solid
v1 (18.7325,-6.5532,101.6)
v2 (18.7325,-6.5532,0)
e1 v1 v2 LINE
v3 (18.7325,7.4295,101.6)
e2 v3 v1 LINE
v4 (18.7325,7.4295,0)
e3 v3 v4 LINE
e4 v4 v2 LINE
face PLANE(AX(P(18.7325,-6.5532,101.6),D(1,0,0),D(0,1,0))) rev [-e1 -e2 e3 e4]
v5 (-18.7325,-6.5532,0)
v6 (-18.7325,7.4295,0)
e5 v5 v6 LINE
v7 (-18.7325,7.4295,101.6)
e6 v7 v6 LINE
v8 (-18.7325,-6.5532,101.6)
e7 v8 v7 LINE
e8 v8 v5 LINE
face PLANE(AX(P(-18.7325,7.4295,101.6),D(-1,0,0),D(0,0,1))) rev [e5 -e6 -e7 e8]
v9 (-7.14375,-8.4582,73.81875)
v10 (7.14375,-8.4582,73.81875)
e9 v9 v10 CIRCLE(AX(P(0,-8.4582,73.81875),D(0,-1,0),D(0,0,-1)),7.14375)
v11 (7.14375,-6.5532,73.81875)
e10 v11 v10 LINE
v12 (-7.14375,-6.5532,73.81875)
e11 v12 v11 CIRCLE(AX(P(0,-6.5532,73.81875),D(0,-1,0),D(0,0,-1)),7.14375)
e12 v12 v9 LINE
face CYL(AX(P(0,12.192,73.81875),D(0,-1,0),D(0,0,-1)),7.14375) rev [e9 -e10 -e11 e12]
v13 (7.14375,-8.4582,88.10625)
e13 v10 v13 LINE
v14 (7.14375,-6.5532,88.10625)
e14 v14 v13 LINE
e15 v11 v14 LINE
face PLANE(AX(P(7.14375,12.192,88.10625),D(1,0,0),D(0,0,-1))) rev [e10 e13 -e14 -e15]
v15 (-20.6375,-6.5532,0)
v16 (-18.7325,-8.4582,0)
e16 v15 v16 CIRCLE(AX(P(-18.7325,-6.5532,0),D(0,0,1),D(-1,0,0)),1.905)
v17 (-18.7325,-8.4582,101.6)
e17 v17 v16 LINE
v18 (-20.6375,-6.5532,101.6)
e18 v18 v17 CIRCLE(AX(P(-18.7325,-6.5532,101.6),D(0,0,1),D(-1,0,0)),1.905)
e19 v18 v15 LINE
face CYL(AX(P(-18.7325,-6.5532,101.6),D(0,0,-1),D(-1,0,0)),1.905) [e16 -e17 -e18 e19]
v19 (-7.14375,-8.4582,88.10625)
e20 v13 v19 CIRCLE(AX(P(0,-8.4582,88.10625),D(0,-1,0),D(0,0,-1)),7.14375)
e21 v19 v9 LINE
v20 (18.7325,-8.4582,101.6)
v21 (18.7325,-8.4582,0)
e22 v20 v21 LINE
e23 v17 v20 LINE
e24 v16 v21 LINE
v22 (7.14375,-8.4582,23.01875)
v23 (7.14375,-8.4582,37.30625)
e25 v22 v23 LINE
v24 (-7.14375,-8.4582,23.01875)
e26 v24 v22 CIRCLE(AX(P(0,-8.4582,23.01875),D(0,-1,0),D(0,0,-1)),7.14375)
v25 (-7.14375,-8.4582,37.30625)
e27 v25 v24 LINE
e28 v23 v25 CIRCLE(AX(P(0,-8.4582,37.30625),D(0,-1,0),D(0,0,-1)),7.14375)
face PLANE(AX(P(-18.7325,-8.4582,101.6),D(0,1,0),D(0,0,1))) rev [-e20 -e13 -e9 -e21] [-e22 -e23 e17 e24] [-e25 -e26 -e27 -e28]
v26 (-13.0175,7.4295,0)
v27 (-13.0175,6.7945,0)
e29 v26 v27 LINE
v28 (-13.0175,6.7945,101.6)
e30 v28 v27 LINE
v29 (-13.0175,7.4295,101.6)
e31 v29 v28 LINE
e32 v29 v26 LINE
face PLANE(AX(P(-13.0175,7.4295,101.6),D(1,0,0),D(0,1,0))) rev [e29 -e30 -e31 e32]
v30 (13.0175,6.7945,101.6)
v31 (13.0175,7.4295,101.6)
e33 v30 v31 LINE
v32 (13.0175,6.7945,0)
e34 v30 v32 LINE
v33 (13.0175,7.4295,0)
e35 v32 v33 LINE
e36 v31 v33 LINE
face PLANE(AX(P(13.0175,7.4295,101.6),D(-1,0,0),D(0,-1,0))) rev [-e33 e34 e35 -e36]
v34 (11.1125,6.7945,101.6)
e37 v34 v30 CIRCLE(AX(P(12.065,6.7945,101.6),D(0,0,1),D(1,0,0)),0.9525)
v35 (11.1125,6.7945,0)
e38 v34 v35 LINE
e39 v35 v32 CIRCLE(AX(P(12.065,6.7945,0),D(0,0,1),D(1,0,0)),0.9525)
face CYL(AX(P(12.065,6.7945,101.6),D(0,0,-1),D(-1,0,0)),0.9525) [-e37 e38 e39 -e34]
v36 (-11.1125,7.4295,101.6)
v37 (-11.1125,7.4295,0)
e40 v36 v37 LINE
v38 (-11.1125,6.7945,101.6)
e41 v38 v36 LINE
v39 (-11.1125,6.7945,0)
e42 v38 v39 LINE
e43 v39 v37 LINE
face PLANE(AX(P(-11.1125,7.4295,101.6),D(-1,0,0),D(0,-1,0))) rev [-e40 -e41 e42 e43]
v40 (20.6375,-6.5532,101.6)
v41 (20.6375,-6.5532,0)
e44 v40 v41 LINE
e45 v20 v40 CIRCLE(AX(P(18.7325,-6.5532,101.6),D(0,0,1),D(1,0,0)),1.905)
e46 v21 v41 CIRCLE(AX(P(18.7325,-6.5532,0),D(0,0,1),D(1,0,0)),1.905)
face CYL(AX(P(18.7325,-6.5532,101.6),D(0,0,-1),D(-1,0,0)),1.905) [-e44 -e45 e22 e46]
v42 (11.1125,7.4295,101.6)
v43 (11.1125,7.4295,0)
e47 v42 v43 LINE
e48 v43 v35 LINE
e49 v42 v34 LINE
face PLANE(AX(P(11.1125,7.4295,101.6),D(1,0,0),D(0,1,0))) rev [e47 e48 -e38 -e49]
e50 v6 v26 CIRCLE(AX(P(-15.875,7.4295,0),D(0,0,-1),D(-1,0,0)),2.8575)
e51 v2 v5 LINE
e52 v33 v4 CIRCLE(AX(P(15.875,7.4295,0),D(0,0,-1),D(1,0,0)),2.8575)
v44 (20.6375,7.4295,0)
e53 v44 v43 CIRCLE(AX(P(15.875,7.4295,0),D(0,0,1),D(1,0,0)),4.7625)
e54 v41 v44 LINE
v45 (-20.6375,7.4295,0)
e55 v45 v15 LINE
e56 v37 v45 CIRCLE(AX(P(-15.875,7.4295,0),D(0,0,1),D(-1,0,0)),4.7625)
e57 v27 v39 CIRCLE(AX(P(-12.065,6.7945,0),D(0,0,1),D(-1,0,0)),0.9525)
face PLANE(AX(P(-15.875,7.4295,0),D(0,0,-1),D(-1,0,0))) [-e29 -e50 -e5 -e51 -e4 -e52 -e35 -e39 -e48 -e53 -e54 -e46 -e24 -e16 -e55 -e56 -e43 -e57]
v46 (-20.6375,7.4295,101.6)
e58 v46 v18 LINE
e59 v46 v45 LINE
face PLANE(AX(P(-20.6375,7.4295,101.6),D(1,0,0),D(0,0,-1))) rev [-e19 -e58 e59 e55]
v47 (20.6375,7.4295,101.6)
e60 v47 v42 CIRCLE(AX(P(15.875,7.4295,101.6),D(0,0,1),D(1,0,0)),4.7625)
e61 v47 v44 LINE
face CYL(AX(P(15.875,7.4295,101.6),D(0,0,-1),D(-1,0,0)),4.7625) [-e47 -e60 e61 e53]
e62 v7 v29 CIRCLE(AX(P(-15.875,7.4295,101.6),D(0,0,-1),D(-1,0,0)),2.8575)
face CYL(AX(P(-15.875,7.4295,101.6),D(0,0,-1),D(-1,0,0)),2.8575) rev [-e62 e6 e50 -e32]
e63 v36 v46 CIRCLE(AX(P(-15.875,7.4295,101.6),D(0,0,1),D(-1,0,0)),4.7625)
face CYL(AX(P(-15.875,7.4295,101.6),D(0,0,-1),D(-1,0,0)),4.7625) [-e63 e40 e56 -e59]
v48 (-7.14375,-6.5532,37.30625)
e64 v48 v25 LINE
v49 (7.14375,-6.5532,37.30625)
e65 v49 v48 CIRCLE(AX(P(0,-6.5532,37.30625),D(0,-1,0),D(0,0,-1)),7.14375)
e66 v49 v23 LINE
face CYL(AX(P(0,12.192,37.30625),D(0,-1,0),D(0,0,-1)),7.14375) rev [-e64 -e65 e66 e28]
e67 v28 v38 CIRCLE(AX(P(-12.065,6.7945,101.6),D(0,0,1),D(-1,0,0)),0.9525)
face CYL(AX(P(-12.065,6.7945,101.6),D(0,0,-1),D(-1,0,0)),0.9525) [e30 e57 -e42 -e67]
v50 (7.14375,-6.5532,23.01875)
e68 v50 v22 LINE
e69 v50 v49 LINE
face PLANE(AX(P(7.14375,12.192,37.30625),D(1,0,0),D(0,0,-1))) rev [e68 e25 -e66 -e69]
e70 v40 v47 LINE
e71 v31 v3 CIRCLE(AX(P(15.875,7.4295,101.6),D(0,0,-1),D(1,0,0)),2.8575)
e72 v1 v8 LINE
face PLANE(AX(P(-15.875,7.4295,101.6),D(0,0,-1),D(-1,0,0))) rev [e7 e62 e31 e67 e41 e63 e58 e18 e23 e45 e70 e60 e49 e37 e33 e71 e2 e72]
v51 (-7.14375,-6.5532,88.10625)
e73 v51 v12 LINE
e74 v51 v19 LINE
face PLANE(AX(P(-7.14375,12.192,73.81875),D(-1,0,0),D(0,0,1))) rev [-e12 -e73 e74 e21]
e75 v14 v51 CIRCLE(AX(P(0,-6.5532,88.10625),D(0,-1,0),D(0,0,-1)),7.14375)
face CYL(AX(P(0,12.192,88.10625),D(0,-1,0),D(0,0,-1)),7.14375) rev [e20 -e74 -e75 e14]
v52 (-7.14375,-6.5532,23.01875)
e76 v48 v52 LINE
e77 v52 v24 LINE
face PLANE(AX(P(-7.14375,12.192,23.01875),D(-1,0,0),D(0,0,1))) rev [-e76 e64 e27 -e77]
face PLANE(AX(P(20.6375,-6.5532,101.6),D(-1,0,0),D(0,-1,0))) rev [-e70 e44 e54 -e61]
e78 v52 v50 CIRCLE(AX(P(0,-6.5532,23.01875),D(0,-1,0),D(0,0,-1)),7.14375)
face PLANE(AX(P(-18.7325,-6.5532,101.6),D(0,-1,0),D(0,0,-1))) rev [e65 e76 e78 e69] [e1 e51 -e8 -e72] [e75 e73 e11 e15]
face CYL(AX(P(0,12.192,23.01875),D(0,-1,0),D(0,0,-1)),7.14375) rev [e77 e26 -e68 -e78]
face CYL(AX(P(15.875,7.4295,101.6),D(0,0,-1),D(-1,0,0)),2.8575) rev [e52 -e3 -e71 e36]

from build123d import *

# Parameters (mm, degrees)
BASE_EXTRUDE_DEPTH = 101.6
SLOT_DEPTH         = 114.827953915
LPATTERN1_COUNT    = 2
LPATTERN1_PITCH    = 50.8


with BuildPart() as part:
    # Sketch1 → Base-Extrude (new body)
    with BuildSketch(Plane.XY):
        with BuildLine():
            Line((-20.6375, 7.4295), (-20.6375, -6.5532))
            ThreePointArc((-20.6375, -6.5532), (-20.079538418, -7.900238418), (-18.7325, -8.4582))
            Line((-18.7325, -8.4582), (18.7325, -8.4582))
            ThreePointArc((18.7325, -8.4582), (20.079538418, -7.900238418), (20.6375, -6.5532))
            Line((20.6375, -6.5532), (20.6375, 7.4295))
            ThreePointArc((20.6375, 7.4295), (15.875, 12.192), (11.1125, 7.4295))
            Line((11.1125, 7.4295), (11.1125, 6.7945))
            ThreePointArc((11.1125, 6.7945), (12.065, 5.842), (13.0175, 6.7945))
            Line((13.0175, 6.7945), (13.0175, 7.4295))
            ThreePointArc((13.0175, 7.4295), (15.875, 10.287), (18.7325, 7.4295))
            Line((18.7325, 7.4295), (18.7325, -6.5532))
            Line((18.7325, -6.5532), (-18.7325, -6.5532))
            Line((-18.7325, -6.5532), (-18.7325, 7.4295))
            ThreePointArc((-18.7325, 7.4295), (-15.875, 10.287), (-13.0175, 7.4295))
            Line((-13.0175, 7.4295), (-13.0175, 6.7945))
            ThreePointArc((-13.0175, 6.7945), (-12.065, 5.842), (-11.1125, 6.7945))
            Line((-11.1125, 6.7945), (-11.1125, 7.4295))
            ThreePointArc((-11.1125, 7.4295), (-15.875, 12.192), (-20.6375, 7.4295))
        make_face()
    extrude(amount=BASE_EXTRUDE_DEPTH)

    # Sketch2 → Slot (cut, through all)
    with BuildSketch(Plane(origin=(-0.560706402, -8.4582, -8.313640545), x_dir=(1, 0, 0), z_dir=(0, -1, 0))):
        with BuildLine():
            Line((7.704456402, 45.619890545), (7.704456402, 31.332390545))
            ThreePointArc((7.704456402, 31.332390545), (0.560706402, 24.188640545), (-6.583043598, 31.332390545))
            Line((-6.583043598, 31.332390545), (-6.583043598, 45.619890545))
            ThreePointArc((-6.583043598, 45.619890545), (0.560706402, 52.763640545), (7.704456402, 45.619890545))
        make_face()
    slot = extrude(amount=-SLOT_DEPTH, mode=Mode.SUBTRACT)

    # LPattern1: Slot ×2
    with Locations(*[(0, 0, i * LPATTERN1_PITCH) for i in range(1, LPATTERN1_COUNT)]):
        add(slot, mode=Mode.SUBTRACT)


solid = part.part
